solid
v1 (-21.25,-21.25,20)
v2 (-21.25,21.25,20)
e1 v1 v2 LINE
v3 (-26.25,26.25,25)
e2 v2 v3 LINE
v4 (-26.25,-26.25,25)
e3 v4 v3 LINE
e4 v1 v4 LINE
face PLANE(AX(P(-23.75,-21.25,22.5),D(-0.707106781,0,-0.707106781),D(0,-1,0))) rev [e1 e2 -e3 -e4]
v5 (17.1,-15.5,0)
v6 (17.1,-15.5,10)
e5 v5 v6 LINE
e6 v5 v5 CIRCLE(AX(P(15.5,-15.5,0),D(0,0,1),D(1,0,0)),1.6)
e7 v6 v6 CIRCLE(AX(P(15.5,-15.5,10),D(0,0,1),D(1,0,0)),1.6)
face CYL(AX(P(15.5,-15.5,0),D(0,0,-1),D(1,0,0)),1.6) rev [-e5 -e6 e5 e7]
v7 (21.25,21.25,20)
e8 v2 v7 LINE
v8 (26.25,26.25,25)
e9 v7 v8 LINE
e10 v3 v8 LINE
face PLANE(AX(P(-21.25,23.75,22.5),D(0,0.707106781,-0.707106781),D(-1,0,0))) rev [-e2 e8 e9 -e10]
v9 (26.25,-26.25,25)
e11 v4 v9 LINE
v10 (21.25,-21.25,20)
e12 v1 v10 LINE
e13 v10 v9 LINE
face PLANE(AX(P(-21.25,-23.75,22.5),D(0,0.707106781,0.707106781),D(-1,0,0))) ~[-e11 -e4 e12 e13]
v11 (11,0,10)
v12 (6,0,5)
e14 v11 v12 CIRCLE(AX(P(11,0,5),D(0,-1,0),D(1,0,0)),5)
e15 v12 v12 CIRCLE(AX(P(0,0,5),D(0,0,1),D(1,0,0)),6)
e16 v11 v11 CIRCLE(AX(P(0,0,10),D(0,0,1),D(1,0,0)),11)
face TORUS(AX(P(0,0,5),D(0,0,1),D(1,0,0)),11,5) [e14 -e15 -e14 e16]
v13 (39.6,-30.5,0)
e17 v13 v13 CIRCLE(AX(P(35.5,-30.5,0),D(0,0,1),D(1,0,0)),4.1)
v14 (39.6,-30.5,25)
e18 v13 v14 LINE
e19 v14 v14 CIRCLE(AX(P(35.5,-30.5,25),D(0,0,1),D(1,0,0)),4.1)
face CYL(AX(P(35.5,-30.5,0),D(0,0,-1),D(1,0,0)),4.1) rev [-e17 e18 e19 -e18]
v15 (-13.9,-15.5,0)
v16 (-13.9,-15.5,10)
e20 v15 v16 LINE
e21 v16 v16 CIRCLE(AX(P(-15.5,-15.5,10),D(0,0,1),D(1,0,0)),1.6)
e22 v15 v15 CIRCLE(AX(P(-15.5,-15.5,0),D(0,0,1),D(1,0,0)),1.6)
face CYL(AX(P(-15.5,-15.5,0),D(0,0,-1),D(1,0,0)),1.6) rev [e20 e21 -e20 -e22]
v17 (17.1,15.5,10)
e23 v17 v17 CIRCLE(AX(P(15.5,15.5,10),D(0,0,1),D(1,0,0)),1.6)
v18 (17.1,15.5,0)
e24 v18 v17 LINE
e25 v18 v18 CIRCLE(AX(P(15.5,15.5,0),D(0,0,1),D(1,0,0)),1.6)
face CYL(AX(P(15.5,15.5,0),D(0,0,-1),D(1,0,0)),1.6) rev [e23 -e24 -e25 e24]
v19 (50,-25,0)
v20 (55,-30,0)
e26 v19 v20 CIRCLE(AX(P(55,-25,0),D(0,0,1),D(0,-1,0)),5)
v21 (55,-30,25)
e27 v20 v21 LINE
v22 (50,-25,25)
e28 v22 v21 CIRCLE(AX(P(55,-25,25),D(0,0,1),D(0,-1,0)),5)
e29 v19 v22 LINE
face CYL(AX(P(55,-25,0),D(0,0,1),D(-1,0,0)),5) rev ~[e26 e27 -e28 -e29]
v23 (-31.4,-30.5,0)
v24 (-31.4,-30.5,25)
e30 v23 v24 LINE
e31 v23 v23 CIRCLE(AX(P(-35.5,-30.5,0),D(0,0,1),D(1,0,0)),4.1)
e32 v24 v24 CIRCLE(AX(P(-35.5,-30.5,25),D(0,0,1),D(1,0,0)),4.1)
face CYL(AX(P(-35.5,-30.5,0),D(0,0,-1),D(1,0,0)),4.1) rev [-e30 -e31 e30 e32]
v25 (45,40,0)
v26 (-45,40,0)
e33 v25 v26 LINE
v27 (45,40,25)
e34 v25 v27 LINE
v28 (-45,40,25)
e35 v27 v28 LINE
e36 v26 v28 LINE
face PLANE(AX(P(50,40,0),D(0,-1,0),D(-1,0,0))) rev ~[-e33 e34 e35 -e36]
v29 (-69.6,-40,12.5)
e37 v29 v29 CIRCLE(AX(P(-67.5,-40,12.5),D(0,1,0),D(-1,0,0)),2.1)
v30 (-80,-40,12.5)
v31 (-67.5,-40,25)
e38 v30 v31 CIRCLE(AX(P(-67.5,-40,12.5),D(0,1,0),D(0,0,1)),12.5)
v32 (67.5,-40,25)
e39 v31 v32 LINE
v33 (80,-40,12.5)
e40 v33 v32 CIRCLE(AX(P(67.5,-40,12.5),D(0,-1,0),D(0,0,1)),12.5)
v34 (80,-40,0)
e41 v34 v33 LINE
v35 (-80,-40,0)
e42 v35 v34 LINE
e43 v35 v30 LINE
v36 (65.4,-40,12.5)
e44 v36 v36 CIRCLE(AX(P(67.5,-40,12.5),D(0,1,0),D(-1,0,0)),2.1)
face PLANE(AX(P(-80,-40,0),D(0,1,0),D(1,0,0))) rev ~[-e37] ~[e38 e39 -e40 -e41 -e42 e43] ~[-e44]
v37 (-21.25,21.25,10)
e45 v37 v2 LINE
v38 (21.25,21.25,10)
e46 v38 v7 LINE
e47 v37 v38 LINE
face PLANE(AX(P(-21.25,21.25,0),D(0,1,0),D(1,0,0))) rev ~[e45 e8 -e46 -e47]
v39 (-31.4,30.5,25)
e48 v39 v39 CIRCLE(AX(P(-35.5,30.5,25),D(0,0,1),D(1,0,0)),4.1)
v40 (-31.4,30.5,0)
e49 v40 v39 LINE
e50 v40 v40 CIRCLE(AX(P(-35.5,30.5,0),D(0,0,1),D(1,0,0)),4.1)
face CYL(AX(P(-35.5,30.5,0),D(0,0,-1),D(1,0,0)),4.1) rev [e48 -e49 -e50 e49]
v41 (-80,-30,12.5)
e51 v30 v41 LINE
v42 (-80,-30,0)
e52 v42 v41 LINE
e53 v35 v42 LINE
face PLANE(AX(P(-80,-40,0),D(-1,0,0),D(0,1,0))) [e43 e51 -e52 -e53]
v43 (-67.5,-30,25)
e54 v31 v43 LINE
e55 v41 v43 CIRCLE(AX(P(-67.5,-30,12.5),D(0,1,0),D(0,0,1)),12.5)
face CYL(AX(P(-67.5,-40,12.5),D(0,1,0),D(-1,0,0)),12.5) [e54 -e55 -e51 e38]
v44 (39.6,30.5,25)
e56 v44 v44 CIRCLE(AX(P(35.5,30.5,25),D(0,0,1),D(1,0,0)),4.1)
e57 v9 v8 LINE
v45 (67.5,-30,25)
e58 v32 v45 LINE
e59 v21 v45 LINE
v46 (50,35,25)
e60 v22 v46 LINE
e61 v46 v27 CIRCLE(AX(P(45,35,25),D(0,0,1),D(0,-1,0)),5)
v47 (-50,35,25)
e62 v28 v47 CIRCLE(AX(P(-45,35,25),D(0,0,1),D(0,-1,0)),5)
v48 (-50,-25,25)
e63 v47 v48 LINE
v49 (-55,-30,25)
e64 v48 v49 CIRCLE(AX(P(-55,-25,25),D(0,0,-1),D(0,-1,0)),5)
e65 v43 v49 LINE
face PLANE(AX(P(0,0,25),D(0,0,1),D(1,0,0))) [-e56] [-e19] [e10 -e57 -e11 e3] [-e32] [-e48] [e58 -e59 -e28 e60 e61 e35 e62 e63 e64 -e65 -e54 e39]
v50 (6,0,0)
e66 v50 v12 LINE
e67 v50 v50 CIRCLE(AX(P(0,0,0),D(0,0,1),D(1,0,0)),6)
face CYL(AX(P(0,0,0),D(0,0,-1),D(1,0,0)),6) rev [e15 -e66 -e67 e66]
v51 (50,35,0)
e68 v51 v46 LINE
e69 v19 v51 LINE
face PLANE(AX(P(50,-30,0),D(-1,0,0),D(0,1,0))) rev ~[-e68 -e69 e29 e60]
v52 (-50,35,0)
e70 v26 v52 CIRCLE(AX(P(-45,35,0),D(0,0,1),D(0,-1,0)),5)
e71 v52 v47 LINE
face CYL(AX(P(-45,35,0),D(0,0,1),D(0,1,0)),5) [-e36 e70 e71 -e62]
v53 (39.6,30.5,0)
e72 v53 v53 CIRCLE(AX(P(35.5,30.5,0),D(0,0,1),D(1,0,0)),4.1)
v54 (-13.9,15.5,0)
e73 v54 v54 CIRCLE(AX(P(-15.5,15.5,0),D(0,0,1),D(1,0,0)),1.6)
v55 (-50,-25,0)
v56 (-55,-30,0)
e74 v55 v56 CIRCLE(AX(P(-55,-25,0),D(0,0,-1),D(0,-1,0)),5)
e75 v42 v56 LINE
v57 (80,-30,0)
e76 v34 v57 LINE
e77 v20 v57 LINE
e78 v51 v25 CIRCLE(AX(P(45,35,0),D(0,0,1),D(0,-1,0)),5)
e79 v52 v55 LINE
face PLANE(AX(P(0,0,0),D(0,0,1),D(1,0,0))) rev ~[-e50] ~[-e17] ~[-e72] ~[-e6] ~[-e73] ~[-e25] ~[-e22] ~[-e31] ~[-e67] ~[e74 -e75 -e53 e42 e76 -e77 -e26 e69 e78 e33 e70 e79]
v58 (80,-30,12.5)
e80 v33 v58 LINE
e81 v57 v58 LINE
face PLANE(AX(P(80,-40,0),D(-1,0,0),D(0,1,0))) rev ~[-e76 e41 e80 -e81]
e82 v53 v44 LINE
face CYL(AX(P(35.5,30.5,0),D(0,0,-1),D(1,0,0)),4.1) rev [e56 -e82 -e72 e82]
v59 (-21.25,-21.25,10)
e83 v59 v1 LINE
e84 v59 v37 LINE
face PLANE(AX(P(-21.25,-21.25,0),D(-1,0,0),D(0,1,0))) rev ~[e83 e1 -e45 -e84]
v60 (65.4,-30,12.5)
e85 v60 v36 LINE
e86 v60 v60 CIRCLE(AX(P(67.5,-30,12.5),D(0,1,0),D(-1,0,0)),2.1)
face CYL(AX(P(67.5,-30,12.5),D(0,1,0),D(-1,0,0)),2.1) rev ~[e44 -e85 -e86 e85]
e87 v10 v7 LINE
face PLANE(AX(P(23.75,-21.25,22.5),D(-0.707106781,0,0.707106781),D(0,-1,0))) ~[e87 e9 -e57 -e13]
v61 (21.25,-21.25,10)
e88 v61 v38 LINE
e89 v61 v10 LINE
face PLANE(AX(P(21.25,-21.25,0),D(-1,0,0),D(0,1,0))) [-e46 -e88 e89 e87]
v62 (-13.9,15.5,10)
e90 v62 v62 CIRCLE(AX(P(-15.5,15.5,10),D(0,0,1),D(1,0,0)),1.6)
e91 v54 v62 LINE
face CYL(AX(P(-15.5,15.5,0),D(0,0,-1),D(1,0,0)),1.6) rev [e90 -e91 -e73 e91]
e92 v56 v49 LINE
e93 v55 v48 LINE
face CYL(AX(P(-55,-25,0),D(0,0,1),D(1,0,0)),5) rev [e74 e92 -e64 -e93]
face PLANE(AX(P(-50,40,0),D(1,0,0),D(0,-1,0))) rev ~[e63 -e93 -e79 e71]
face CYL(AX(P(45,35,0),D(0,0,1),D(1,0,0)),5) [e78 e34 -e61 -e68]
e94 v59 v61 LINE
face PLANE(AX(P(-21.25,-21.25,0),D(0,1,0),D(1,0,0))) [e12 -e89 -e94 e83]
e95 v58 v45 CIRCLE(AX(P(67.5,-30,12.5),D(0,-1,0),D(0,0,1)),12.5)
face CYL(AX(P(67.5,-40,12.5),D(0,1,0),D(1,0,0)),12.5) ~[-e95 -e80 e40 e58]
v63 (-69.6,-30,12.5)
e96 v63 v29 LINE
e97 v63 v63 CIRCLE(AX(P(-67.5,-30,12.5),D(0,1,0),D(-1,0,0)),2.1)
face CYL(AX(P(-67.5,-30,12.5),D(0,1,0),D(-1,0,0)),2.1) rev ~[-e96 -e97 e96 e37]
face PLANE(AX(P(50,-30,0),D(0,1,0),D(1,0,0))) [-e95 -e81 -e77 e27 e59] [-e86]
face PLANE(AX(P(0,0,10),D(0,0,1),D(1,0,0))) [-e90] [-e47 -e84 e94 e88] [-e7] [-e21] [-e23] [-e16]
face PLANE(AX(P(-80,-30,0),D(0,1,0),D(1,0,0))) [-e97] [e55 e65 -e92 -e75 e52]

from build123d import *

# Parameters (mm, degrees)
F0_R      = 4.1
F0_W      = 42.5
F0_H      = 42.5
F0_W_2    = 30
F0_H_2    = 10
F1_DEPTH  = 25
F0_R_2    = 1.6
F0_R_3    = 6
F2_DEPTH  = 10
F3_SIZE   = 5
F4_R      = 5
F5_R      = 5
F6_R      = 2.1
F7_DEPTH  = 25
F8_R      = 12.5
F9_R      = 2.1
F10_DEPTH = 25


with BuildPart() as f1:
    # F0 (on Top) → F1 (new body)
    with BuildSketch(Plane.XY):
        Polygon((-50, -30), (-50, -40), (50, -40), (50, -30), (50, 40), (-50, 40), align=None)
        with Locations((-35.5, -30.5)):
            Circle(F0_R, mode=Mode.SUBTRACT)
        with Locations((35.5, -30.5)):
            Circle(F0_R, mode=Mode.SUBTRACT)
        with Locations((-35.5, 30.5)):
            Circle(F0_R, mode=Mode.SUBTRACT)
        Rectangle(F0_W, F0_H, mode=Mode.SUBTRACT)
        with Locations((35.5, 30.5)):
            Circle(F0_R, mode=Mode.SUBTRACT)
        with Locations((-65, -35)):
            Rectangle(F0_W_2, F0_H_2)
        with Locations((65, -35)):
            Rectangle(F0_W_2, F0_H_2)
    extrude(amount=F1_DEPTH)

    # F0 (on Top) → F2 (join)
    with BuildSketch(Plane.XY):
        Rectangle(F0_W, F0_H)
        with Locations((-15.5, -15.5)):
            Circle(F0_R_2, mode=Mode.SUBTRACT)
        with Locations((15.5, -15.5)):
            Circle(F0_R_2, mode=Mode.SUBTRACT)
        with Locations((-15.5, 15.5)):
            Circle(F0_R_2, mode=Mode.SUBTRACT)
        Circle(F0_R_3, mode=Mode.SUBTRACT)
        with Locations((15.5, 15.5)):
            Circle(F0_R_2, mode=Mode.SUBTRACT)
    extrude(amount=F2_DEPTH)

    # F3
    f3_edges = [f1.edges().sort_by_distance(p)[0] for p in [
        (-21.25, 0, 25),
        (0, 21.25, 25),
        (21.25, 0, 25),
        (0, -21.25, 25),
    ]]
    chamfer(f3_edges, length=F3_SIZE)

    # F4
    f4_edges = [f1.edges().sort_by_distance(p)[0] for p in [
        (-6, 0, 10),
    ]]
    fillet(f4_edges, radius=F4_R)

    # F5
    f5_edges = [f1.edges().sort_by_distance(p)[0] for p in [
        (50, -30, 12.5),
        (-50, -30, 12.5),
        (-50, 40, 12.5),
        (50, 40, 12.5),
    ]]
    fillet(f5_edges, radius=F5_R)

    # F6 (on face) → F7 (cut)
    with BuildSketch(Plane(origin=(0, -30, 0), x_dir=(-1, 0, 0), z_dir=(0, 1, 0))):
        with Locations((67.5, 12.5)):
            Circle(F6_R)
    extrude(amount=-F7_DEPTH, mode=Mode.SUBTRACT)

    # F8
    f8_edges = [f1.edges().sort_by_distance(p)[0] for p in [
        (-80, -35, 25),
        (80, -35, 25),
    ]]
    fillet(f8_edges, radius=F8_R)

    # F9 (on face) → F10 (cut)
    with BuildSketch(Plane(origin=(0, -30, 0), x_dir=(-1, 0, 0), z_dir=(0, 1, 0))):
        with Locations((-67.5, 12.5)):
            Circle(F9_R)
    extrude(amount=-F10_DEPTH, mode=Mode.SUBTRACT)


solid = f1.part
